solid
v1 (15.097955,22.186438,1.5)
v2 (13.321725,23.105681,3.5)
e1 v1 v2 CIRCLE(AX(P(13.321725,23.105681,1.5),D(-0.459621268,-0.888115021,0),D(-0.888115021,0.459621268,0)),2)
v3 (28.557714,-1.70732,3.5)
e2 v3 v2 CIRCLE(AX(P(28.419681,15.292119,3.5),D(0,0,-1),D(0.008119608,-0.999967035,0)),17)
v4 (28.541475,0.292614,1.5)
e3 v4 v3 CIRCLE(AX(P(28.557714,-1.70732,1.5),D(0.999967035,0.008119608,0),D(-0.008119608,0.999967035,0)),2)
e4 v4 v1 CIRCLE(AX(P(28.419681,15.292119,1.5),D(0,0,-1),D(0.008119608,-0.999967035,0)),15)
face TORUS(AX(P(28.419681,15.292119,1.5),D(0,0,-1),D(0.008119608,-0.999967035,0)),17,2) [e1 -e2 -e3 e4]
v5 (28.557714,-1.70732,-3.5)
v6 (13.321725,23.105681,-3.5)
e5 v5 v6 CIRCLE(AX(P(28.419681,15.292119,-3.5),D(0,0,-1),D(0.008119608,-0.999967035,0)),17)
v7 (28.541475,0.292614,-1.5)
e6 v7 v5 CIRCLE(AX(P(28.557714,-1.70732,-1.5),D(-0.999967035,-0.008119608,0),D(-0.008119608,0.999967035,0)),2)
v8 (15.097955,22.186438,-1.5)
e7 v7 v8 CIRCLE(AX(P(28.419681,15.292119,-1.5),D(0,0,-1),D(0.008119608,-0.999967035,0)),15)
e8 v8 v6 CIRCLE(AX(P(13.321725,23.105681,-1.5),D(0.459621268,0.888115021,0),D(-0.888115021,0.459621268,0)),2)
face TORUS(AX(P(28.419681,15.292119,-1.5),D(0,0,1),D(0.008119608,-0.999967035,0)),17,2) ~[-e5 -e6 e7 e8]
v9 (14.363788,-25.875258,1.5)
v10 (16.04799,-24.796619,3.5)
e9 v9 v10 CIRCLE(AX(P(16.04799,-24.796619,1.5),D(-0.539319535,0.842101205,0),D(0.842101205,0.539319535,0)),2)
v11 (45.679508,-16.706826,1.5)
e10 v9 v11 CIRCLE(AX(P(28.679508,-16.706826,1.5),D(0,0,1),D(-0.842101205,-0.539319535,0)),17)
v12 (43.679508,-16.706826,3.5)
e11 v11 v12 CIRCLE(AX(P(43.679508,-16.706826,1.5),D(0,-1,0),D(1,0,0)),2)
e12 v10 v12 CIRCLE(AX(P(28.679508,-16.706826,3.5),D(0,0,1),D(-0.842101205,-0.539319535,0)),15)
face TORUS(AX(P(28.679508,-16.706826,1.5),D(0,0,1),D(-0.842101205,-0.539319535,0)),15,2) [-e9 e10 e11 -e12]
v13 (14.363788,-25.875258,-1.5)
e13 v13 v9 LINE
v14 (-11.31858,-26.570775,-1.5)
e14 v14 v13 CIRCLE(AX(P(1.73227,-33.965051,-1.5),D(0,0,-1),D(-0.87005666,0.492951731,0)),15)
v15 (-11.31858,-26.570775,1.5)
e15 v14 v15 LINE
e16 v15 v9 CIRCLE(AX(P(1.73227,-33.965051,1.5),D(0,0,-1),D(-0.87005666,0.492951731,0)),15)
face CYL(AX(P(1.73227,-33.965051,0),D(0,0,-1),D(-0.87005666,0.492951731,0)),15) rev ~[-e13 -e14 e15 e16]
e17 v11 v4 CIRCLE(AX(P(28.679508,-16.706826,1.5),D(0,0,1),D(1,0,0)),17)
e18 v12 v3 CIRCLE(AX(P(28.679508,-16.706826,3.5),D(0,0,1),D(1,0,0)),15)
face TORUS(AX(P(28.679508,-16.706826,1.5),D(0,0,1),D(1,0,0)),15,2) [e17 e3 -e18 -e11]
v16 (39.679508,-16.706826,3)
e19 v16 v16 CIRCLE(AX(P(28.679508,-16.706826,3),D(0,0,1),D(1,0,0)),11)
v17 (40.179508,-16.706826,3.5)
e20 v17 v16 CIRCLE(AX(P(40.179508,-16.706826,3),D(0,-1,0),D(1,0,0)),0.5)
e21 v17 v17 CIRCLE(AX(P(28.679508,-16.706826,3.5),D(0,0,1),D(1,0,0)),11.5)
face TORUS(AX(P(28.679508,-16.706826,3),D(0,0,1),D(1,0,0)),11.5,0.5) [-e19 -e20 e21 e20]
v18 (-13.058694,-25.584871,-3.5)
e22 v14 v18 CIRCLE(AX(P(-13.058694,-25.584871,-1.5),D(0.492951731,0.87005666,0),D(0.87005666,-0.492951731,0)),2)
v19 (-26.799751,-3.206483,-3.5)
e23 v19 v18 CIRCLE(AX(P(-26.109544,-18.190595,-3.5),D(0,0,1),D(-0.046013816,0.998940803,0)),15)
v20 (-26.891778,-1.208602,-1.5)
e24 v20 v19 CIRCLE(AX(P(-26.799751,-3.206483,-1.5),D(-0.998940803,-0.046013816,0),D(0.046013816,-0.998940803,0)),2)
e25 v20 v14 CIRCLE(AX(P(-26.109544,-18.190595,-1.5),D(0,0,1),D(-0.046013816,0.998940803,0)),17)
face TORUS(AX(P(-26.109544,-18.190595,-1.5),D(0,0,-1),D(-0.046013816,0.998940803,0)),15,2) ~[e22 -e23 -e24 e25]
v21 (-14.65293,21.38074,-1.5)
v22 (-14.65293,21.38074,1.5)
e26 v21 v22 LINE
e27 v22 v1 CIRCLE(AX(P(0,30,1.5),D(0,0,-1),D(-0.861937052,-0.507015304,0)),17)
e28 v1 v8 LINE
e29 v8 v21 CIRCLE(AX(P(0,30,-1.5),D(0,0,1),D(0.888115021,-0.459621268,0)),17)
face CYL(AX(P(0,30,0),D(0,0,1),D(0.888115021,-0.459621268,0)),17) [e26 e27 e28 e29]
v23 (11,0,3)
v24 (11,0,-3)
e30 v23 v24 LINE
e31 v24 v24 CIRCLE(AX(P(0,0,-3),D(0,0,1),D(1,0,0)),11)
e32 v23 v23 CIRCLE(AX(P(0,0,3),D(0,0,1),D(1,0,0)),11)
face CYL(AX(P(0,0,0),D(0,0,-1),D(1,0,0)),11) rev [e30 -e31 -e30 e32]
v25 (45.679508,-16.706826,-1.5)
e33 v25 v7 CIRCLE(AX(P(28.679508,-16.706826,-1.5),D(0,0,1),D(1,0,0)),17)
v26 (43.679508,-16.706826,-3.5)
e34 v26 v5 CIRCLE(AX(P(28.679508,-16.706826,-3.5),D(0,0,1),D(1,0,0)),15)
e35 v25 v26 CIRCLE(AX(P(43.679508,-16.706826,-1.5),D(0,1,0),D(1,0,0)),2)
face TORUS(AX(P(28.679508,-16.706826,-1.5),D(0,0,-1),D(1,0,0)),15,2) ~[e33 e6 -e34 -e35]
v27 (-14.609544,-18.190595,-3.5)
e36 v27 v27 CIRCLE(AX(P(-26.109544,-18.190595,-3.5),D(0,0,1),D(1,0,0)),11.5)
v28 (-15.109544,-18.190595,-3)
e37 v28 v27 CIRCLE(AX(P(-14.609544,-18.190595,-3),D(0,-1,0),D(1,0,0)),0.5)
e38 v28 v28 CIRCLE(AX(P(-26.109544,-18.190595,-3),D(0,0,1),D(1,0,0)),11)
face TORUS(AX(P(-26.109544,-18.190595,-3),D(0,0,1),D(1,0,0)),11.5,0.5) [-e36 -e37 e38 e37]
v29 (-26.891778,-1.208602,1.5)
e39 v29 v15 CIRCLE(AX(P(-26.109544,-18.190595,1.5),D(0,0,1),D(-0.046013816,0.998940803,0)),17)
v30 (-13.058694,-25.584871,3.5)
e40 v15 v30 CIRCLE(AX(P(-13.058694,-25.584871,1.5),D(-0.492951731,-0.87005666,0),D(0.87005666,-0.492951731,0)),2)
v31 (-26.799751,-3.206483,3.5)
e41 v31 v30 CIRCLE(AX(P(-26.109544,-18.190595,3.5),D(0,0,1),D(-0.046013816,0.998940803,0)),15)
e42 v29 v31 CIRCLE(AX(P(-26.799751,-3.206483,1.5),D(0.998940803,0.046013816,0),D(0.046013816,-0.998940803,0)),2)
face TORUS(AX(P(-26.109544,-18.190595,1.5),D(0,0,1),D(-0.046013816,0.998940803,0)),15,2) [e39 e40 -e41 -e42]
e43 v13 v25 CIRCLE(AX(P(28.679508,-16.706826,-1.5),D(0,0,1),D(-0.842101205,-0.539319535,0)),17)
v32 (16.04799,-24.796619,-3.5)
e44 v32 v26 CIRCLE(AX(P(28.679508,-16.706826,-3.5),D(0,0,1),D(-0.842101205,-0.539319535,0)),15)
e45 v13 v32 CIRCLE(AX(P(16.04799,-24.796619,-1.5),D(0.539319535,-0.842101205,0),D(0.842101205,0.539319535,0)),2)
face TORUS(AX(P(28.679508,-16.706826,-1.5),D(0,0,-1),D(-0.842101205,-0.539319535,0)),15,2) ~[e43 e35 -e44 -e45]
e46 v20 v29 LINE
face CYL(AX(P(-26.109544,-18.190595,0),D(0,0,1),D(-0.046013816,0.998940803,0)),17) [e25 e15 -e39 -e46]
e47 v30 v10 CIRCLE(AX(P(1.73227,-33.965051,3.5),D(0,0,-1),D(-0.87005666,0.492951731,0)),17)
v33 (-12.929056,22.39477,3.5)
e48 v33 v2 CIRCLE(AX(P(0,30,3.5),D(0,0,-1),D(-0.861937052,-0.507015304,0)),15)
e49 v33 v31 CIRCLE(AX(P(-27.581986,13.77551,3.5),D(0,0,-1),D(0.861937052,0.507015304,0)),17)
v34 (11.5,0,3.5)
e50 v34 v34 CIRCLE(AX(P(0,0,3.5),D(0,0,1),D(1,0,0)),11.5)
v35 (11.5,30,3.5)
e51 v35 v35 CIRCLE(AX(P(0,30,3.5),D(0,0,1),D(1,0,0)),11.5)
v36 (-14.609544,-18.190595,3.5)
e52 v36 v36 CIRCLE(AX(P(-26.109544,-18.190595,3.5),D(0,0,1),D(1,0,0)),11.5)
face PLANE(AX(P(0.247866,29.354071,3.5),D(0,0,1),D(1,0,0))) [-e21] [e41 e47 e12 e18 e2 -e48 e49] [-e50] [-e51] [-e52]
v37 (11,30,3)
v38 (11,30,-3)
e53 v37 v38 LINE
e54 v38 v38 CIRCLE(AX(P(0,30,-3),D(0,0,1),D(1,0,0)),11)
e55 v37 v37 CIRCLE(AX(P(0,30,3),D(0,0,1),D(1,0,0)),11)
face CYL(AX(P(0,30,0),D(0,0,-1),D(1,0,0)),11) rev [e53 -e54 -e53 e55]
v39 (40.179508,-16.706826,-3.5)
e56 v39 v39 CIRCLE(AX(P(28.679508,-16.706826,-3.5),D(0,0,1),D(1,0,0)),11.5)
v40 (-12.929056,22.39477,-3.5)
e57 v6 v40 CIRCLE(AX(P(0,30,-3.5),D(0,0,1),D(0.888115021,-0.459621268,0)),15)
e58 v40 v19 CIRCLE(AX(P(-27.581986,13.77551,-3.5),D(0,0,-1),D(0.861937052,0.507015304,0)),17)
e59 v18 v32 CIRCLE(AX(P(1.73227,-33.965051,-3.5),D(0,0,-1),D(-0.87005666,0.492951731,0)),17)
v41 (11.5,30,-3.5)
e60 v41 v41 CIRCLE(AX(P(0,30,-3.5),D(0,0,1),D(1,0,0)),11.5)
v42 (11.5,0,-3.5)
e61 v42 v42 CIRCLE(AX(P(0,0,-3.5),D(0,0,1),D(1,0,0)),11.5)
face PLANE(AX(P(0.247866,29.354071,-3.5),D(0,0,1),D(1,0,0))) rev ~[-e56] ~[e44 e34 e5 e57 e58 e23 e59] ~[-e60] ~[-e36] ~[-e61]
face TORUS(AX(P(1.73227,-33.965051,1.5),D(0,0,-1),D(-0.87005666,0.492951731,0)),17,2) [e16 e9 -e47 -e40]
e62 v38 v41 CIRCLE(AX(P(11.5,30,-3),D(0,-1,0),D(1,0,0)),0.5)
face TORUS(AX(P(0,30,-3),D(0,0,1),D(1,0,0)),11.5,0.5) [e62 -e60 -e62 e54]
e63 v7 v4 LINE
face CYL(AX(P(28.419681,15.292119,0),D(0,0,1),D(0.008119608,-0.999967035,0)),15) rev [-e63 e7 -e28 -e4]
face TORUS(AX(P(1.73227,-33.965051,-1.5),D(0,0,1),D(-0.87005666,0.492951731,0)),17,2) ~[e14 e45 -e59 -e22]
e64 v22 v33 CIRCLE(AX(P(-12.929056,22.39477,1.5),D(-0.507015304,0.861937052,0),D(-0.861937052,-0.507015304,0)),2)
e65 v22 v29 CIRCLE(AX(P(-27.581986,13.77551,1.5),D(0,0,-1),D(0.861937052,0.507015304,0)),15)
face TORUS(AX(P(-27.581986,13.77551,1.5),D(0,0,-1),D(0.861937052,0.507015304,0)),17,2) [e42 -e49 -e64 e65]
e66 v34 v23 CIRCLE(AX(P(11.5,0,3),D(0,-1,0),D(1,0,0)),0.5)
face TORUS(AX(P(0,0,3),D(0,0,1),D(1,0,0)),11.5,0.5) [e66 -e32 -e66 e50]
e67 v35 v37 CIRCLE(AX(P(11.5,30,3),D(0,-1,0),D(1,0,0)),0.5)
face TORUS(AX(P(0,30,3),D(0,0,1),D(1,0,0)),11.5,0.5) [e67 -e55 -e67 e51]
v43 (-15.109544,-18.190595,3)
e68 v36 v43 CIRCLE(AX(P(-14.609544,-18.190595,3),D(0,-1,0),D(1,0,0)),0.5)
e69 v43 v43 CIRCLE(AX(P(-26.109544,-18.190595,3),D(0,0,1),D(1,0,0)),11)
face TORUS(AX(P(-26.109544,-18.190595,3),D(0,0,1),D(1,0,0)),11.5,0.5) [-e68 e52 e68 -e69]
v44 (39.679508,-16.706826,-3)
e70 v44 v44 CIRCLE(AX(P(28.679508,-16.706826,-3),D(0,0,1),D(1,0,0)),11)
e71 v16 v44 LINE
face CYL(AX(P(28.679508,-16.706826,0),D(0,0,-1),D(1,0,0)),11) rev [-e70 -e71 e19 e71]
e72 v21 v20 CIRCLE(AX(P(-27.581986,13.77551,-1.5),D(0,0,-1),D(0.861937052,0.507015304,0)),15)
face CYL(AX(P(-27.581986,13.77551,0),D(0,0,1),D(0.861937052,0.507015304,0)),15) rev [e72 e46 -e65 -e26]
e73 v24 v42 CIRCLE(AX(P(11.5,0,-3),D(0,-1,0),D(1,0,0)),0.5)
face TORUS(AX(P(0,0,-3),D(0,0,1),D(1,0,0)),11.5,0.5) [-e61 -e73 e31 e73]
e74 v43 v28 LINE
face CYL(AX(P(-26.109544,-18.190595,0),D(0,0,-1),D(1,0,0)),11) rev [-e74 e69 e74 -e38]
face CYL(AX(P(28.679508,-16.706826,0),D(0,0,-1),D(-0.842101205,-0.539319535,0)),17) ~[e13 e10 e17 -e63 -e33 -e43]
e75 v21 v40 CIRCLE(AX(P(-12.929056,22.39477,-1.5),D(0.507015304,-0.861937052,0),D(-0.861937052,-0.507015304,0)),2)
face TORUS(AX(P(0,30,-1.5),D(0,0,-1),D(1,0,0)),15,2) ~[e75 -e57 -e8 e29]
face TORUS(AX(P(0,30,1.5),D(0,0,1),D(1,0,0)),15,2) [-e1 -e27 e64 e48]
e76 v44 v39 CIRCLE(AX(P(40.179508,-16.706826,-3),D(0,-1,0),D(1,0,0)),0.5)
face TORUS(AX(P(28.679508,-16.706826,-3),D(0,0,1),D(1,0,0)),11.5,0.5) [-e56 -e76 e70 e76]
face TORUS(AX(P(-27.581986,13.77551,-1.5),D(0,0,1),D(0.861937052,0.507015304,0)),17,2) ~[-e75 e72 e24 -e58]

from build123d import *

# Parameters (mm, degrees)
F0_R     = 11
F1_DEPTH = 3.5
F2_R     = 2
F3_R     = 0.5


with BuildPart() as f1:
    # F0 (on Top) → F1 (new body, symmetric)
    with BuildSketch(Plane.XY):
        with BuildLine():
            ThreePointArc((15.0979553525, 22.1864384451), (16.5176457311, 25.9791319963), (17, 30))
            ThreePointArc((17, 30), (-4.466553036, 46.4027407459), (-14.6529298796, 21.3807398263))
            ThreePointArc((-14.6529298796, 21.3807398263), (0.4602167793, 13.0062305383), (15.0979553525, 22.1864384451))
        make_face()
        with Locations((0, 30)):
            Circle(F0_R, mode=Mode.SUBTRACT)
        with BuildLine():
            ThreePointArc((15.0979553525, 22.1864384451), (0.4602167793, 13.0062305383), (-14.6529298796, 21.3807398263))
            ThreePointArc((-14.6529298796, 21.3807398263), (-14.3933287886, 6.6299291065), (-26.8917784126, -1.2086017899))
            ThreePointArc((-26.8917784126, -1.2086017899), (-14.3685468349, -5.896328636), (-9.1095435369, -18.1905954479))
            ThreePointArc((-9.1095435369, -18.1905954479), (-9.6710768413, -22.5238174244), (-11.3185803248, -26.5707748767))
            ThreePointArc((-11.3185803248, -26.5707748767), (1.3261959394, -18.9705483771), (14.3637876361, -25.8752578112))
            ThreePointArc((14.3637876361, -25.8752578112), (13.7323636634, -8.6085003994), (28.5414747805, 0.2926138944))
            ThreePointArc((28.5414747805, 0.2926138944), (15.6370974252, 7.4431981146), (15.0979553525, 22.1864384451))
        make_face()
        Circle(F0_R, mode=Mode.SUBTRACT)
        with BuildLine():
            ThreePointArc((-9.1095435369, -18.1905954479), (-14.3685468349, -5.896328636), (-26.8917784126, -1.2086017899))
            ThreePointArc((-26.8917784126, -1.2086017899), (-40.5964712071, -27.0860396009), (-11.3185803248, -26.5707748767))
            ThreePointArc((-11.3185803248, -26.5707748767), (-9.6710768413, -22.5238174244), (-9.1095435369, -18.1905954479))
        make_face()
        with Locations((-26.1095435369, -18.1905954479)):
            Circle(F0_R, mode=Mode.SUBTRACT)
        with BuildLine():
            ThreePointArc((45.6795081129, -16.7068257081), (40.6514217726, -4.6373069387), (28.5414747805, 0.2926138944))
            ThreePointArc((28.5414747805, 0.2926138944), (13.7323636634, -8.6085003994), (14.3637876361, -25.8752578112))
            ThreePointArc((14.3637876361, -25.8752578112), (33.456157142, -33.0219605238), (45.6795081129, -16.7068257081))
        make_face()
        with Locations((28.6795081129, -16.7068257081)):
            Circle(F0_R, mode=Mode.SUBTRACT)
    extrude(amount=F1_DEPTH, both=True)

    # F2
    f2_edges = [f1.edges().sort_by_distance(p)[0] for p in [
        (-0.460217, 46.993769, 3.5),
        (15.637097, 7.443198, 3.5),
        (43.626653, -24.805151, 3.5),
        (-0.460217, 46.993769, -3.5),
    ]]
    fillet(f2_edges, radius=F2_R)

    # F3
    f3_edges = [f1.edges().sort_by_distance(p)[0] for p in [
        (-11, 0, 3.5),
        (17.679508, -16.706826, 3.5),
        (-37.109544, -18.190595, 3.5),
        (-0.406074, 44.994502, -3.5),
        (13.932753, 6.396675, -3.5),
        (-12.634841, 5.677185, -3.5),
        (41.868165, -23.852407, -3.5),
        (-38.892127, -26.039517, -3.5),
        (1.272053, -16.971281, -3.5),
        (-11, 30, -3.5),
        (-11, 0, -3.5),
        (-37.109544, -18.190595, -3.5),
        (17.679508, -16.706826, -3.5),
        (-11, 30, 3.5),
    ]]
    fillet(f3_edges, radius=F3_R)


solid = f1.part
